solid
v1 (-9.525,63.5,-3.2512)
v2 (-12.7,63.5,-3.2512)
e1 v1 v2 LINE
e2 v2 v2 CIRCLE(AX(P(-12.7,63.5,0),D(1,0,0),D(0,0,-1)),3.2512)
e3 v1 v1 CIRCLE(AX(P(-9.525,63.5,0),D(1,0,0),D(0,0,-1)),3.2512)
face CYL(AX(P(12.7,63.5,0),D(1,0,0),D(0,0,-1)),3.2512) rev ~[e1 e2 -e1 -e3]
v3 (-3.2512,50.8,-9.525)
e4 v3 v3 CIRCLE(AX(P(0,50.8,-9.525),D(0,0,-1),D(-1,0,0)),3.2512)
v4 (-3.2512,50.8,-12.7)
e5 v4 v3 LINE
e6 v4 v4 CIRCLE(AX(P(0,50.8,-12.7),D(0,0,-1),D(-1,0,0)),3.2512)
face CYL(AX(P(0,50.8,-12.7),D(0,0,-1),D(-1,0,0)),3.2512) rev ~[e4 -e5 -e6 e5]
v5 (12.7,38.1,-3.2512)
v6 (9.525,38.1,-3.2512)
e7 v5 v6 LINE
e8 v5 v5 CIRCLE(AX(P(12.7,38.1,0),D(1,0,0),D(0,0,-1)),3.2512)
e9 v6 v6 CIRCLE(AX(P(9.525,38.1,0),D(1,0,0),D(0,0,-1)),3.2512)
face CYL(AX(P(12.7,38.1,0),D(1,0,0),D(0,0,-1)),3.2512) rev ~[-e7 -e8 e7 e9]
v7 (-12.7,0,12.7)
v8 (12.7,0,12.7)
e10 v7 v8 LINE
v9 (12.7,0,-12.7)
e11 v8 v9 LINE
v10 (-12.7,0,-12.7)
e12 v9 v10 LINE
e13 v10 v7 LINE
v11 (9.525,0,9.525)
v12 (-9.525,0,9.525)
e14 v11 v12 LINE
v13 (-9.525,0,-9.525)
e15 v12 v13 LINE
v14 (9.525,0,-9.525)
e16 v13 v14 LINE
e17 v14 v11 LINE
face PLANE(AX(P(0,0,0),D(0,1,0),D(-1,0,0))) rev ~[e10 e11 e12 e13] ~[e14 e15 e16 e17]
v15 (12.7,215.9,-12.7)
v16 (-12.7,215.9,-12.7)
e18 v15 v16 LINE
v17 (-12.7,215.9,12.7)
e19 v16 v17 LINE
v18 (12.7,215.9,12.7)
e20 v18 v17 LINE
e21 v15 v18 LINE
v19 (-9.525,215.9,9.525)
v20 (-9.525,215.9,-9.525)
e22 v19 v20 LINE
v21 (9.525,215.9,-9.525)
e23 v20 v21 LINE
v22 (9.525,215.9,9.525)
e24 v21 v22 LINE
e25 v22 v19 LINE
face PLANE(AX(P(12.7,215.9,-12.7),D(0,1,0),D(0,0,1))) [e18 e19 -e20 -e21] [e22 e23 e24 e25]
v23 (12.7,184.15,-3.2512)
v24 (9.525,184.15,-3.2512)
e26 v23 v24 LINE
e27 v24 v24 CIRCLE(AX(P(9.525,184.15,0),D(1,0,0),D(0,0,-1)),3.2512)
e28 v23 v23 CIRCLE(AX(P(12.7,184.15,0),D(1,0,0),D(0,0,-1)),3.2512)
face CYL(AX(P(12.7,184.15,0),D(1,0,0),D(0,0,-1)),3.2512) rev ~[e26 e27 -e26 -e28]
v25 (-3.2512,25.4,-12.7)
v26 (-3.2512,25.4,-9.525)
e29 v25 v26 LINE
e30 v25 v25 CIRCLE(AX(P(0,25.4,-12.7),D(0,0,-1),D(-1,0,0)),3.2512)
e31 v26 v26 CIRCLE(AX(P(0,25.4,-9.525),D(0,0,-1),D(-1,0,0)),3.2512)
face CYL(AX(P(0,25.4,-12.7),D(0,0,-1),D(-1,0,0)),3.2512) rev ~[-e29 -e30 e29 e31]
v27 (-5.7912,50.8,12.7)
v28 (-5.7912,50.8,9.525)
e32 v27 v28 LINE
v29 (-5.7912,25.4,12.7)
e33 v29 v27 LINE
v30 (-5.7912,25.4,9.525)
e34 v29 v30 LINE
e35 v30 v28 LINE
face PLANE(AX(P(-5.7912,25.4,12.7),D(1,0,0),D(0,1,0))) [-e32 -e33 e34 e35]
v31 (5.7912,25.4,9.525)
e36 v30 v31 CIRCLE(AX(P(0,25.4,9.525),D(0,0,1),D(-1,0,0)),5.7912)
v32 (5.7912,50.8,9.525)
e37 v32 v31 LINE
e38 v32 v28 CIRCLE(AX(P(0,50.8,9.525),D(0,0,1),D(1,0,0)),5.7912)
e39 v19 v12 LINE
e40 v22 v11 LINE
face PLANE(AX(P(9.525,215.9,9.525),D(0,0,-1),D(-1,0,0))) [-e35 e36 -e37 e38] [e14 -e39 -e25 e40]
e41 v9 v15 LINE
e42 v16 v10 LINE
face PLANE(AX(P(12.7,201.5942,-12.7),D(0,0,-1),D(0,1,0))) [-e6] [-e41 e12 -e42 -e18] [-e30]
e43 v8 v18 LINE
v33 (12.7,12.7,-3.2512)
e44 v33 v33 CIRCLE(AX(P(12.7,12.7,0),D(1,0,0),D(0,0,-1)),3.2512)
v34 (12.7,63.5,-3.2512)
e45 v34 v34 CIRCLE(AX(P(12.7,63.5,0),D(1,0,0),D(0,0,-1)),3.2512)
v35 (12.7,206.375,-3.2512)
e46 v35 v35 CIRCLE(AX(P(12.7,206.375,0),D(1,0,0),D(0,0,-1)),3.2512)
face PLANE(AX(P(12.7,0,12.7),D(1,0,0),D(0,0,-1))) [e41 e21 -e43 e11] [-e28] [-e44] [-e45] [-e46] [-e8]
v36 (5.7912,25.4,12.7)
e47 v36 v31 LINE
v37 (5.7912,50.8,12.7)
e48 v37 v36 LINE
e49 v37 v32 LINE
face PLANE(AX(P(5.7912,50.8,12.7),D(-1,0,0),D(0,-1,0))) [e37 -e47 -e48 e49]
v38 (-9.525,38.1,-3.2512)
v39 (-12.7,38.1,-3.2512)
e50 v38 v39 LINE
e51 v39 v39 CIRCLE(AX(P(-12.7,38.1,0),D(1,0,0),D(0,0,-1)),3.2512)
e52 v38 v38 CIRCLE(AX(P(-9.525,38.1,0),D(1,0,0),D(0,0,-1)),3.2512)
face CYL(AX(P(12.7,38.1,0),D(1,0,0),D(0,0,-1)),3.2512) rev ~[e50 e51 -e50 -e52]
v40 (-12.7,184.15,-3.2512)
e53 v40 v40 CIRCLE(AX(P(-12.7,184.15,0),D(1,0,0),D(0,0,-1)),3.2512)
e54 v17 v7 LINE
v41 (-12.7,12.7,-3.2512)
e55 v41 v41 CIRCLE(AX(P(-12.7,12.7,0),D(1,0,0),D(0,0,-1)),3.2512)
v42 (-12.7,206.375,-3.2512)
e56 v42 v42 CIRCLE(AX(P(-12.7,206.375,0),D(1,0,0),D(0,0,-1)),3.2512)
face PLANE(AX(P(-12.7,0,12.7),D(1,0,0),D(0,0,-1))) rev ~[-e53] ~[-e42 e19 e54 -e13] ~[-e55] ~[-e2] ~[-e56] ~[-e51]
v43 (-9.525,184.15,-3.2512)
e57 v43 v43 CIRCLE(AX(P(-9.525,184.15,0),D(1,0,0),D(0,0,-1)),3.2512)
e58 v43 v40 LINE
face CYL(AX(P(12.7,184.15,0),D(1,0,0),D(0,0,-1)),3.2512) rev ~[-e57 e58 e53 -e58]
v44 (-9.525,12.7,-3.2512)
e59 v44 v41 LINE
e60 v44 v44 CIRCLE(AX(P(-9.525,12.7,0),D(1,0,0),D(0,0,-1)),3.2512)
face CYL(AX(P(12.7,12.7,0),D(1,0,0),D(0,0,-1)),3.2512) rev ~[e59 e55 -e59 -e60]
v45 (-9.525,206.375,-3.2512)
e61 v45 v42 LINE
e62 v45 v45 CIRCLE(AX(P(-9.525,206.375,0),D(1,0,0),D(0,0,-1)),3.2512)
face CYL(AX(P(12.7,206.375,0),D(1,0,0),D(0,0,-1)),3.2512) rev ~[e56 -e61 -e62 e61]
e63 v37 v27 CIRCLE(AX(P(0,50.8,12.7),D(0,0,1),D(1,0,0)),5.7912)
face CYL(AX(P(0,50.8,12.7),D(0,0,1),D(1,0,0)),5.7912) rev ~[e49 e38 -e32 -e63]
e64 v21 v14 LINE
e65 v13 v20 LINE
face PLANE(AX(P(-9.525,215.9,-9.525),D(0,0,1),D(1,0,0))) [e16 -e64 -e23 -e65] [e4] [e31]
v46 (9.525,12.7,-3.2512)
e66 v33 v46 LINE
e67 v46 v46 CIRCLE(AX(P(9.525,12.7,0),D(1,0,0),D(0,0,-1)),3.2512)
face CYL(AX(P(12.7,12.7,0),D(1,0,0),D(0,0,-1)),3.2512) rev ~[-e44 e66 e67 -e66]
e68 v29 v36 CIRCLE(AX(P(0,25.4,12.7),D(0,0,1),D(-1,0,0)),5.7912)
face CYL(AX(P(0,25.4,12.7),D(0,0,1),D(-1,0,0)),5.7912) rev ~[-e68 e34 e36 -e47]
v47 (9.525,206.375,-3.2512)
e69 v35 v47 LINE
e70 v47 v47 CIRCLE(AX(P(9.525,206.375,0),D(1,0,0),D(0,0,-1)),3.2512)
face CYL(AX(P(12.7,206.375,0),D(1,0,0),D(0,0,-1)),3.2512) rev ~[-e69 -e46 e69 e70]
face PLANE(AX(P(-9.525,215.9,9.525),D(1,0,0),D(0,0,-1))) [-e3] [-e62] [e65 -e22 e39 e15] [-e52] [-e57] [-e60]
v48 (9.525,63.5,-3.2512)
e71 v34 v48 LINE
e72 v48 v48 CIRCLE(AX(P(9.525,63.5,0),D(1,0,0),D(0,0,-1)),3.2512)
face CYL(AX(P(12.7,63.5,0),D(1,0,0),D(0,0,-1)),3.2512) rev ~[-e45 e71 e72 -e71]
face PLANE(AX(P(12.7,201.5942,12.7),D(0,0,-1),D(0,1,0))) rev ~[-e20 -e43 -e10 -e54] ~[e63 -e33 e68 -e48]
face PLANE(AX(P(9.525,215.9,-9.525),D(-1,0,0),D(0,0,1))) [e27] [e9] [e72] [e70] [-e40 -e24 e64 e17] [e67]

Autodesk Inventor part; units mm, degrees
ref_plane "YZ Plane" through (0, 0, 0) normal (1, 0, 0) x (0, 1, 0)
ref_plane "XZ Plane" through (0, 0, 0) normal (0, 1, 0) x (-1, 0, 0)
ref_plane "XY Plane" through (0, 0, 0) normal (0, 0, 1) x (1, 0, 0)
sketch "Sketch1" plane through (0, 0, 0) normal (0, 1, 0) x (-1, 0, 0)
  line L0 (-12.7, -12.7) -> (12.7, -12.7)
  line L1 (12.7, -12.7) -> (12.7, 12.7)
  line L2 (12.7, 12.7) -> (-12.7, 12.7)
  line L3 (-12.7, 12.7) -> (-12.7, -12.7)
  line L4 (-12.7, -12.7) -> (12.7, 12.7) construction
  line L5 (12.7, -12.7) -> (-12.7, 12.7) construction
  line L6 (9.525, 9.525) -> (9.525, -9.525)
  line L7 (9.525, -9.525) -> (-9.525, -9.525)
  line L8 (-9.525, -9.525) -> (-9.525, 9.525)
  line L9 (-9.525, 9.525) -> (9.525, 9.525)
  point P0 (0, 0)
  dimension "d0" = 25.4
  dimension "d1" = 25.4
  dimension "d2" = 3.175
extrude "Extrusion1" add sketch "Sketch1" along normal blind 201.5942
sketch "Sketch2" plane through (12.7, 0, 12.7) normal (1, 0, 0) x (0, 0, -1)
  line L0 (0, 0) -> (25.4, 0) projected
  line L1 (25.4, 0) -> (25.4, 201.5942) projected
  line L2 (0, 201.5942) -> (25.4, 201.5942) projected
  line L3 (0, 0) -> (0, 201.5942) projected
  line L4 (0, 201.5942) -> (25.4, 188.4235)
  point P0 (12.7, 0)
  dimension "d5" = 27.408
extrude "Extrusion2" [suppressed]
sketch "Sketch3" plane through (12.7, 0, 12.7) normal (1, 0, 0) x (0, 0, -1)
  line L0 (0, 201.5942) -> (0, 215.9)
  line L1 (25.4, 201.5942) -> (25.4, 215.9)
  line L2 (25.4, 215.9) -> (0, 215.9)
  line L3 (25.4, 241.3) -> (0, 241.3) construction
  line L4 (0, 241.3) -> (0, 215.9) construction
  line L5 (0, 215.9) -> (25.4, 215.9) construction
  line L6 (25.4, 215.9) -> (25.4, 241.3) construction
  line L7 (25.4, 241.3) -> (0, 215.9) construction
  line L8 (0, 241.3) -> (25.4, 215.9) construction
  circle A0 centre (12.7, 206.375) radius 3.2512
  circle A1 centre (12.7, 228.6) radius 2.4892 construction
  circle A2 centre (12.7, 184.15) radius 3.2512
  line L9 (0, 201.5942) -> (25.4, 201.5942)
  point P0 (12.7, 0)
  dimension "d8" = 14.3058
  dimension "d9" = 25.4
  dimension "d10" = 25.4
  dimension "d11" = 6.5024
  dimension "d12" = 4.9784
  dimension "d13" = 22.225
  dimension "d14" = 22.225
extrude "Extrusion3" cut sketch "Sketch3" against normal through all contours A2
sketch "Sketch4" plane through (12.7, 0, -12.7) normal (0, 0, -1) x (-1, 0, 0)
  circle A0 centre (12.7, 25.4) radius 3.2512
  circle A1 centre (12.7, 50.8) radius 3.2512
  line L0 (0, 0) -> (25.4, 0) projected
  point P0 (12.7, 0)
  point P1 (12.7, 0)
  point P2 (12.7, 0)
  dimension "d17" = 6.5024
  dimension "d18" = 6.5024
  dimension "d19" = 25.4
  dimension "d20" = 25.4
extrude "Extrusion4" cut sketch "Sketch4" against normal blind 25.4
sketch "Sketch5" plane through (-12.7, 0, 12.7) normal (0, 0, 1) x (1, 0, 0)
  circle A0 centre (12.7, 25.4) radius 3.2512 construction
  circle A1 centre (12.7, 50.8) radius 3.2512 construction
  line L0 (15.9512, 25.4) -> (15.9512, 50.8) construction
  line L1 (9.4488, 25.4) -> (9.4488, 50.8) construction
  arc A2 (9.4488, 25.4) -> (15.9512, 25.4) centre (12.7, 25.4) ccw construction
  arc A3 (15.9512, 50.8) -> (9.4488, 50.8) centre (12.7, 50.8) ccw construction
  line L2 (18.4912, 50.8) -> (18.4912, 25.4)
  arc A4 (6.9088, 25.4) -> (18.4912, 25.4) centre (12.7, 25.4) ccw
  line L3 (6.9088, 25.4) -> (6.9088, 50.8)
  arc A5 (18.4912, 50.8) -> (6.9088, 50.8) centre (12.7, 50.8) ccw
  point P0 (12.7, 0)
  dimension "d26" = 2.54
extrude "Extrusion5" cut sketch "Sketch5" against normal blind 3.175
sketch "Sketch6" plane through (12.7, 0, 12.7) normal (1, 0, 0) x (0, 0, -1)
  line L0 (12.7, 0) -> (12.7, 6.5024)
  circle A0 centre (12.7, -12.7) radius 3.2512
  line L1 (0, 0) -> (25.4, 0) projected
  circle A1 centre (12.7, 12.7) radius 3.2512
  circle A2 centre (12.7, 38.1) radius 3.2512
  circle A3 centre (12.7, 63.5) radius 3.2512
  line L2 (12.7, -12.7) -> (12.7, 63.5) construction
  dimension "d27" = 6.5024
  dimension "d31" = 25.4
  dimension "d38" = 6.5024
  dimension "d39" = 12.7
extrude "Extrusion6" cut sketch "Sketch6" against normal blind 25.4 contours A1 | A2 | A3
extrude "Extrusion7" add sketch "Sketch3" against normal blind 25.4 contours L0 L2 L1 L9
sketch "Sketch7" plane through (12.7, 215.9, 12.7) normal (0, 1, 0) x (1, 0, 0)
  line L0 (0, 25.4) -> (0, 0) projected
  line L1 (0, 25.4) -> (-25.4, 25.4) projected
  line L2 (-25.4, 0) -> (-25.4, 25.4) projected
  line L3 (0, 0) -> (-25.4, 0) projected
  line L4 (-22.225, 22.225) -> (-3.175, 22.225)
  line L5 (-3.175, 22.225) -> (-3.175, 3.175)
  line L6 (-3.175, 3.175) -> (-22.225, 3.175)
  line L7 (-22.225, 3.175) -> (-22.225, 22.225)
  point P0 (-12.7, 12.7)
  dimension "d42" = 3.175
extrude "Extrusion8" cut sketch "Sketch7" against normal blind 25.4 contours L4 L5 L6 L7
properties part number "STRU_014_BilletPole_9in_Angled" material "Aluminum 6061"
